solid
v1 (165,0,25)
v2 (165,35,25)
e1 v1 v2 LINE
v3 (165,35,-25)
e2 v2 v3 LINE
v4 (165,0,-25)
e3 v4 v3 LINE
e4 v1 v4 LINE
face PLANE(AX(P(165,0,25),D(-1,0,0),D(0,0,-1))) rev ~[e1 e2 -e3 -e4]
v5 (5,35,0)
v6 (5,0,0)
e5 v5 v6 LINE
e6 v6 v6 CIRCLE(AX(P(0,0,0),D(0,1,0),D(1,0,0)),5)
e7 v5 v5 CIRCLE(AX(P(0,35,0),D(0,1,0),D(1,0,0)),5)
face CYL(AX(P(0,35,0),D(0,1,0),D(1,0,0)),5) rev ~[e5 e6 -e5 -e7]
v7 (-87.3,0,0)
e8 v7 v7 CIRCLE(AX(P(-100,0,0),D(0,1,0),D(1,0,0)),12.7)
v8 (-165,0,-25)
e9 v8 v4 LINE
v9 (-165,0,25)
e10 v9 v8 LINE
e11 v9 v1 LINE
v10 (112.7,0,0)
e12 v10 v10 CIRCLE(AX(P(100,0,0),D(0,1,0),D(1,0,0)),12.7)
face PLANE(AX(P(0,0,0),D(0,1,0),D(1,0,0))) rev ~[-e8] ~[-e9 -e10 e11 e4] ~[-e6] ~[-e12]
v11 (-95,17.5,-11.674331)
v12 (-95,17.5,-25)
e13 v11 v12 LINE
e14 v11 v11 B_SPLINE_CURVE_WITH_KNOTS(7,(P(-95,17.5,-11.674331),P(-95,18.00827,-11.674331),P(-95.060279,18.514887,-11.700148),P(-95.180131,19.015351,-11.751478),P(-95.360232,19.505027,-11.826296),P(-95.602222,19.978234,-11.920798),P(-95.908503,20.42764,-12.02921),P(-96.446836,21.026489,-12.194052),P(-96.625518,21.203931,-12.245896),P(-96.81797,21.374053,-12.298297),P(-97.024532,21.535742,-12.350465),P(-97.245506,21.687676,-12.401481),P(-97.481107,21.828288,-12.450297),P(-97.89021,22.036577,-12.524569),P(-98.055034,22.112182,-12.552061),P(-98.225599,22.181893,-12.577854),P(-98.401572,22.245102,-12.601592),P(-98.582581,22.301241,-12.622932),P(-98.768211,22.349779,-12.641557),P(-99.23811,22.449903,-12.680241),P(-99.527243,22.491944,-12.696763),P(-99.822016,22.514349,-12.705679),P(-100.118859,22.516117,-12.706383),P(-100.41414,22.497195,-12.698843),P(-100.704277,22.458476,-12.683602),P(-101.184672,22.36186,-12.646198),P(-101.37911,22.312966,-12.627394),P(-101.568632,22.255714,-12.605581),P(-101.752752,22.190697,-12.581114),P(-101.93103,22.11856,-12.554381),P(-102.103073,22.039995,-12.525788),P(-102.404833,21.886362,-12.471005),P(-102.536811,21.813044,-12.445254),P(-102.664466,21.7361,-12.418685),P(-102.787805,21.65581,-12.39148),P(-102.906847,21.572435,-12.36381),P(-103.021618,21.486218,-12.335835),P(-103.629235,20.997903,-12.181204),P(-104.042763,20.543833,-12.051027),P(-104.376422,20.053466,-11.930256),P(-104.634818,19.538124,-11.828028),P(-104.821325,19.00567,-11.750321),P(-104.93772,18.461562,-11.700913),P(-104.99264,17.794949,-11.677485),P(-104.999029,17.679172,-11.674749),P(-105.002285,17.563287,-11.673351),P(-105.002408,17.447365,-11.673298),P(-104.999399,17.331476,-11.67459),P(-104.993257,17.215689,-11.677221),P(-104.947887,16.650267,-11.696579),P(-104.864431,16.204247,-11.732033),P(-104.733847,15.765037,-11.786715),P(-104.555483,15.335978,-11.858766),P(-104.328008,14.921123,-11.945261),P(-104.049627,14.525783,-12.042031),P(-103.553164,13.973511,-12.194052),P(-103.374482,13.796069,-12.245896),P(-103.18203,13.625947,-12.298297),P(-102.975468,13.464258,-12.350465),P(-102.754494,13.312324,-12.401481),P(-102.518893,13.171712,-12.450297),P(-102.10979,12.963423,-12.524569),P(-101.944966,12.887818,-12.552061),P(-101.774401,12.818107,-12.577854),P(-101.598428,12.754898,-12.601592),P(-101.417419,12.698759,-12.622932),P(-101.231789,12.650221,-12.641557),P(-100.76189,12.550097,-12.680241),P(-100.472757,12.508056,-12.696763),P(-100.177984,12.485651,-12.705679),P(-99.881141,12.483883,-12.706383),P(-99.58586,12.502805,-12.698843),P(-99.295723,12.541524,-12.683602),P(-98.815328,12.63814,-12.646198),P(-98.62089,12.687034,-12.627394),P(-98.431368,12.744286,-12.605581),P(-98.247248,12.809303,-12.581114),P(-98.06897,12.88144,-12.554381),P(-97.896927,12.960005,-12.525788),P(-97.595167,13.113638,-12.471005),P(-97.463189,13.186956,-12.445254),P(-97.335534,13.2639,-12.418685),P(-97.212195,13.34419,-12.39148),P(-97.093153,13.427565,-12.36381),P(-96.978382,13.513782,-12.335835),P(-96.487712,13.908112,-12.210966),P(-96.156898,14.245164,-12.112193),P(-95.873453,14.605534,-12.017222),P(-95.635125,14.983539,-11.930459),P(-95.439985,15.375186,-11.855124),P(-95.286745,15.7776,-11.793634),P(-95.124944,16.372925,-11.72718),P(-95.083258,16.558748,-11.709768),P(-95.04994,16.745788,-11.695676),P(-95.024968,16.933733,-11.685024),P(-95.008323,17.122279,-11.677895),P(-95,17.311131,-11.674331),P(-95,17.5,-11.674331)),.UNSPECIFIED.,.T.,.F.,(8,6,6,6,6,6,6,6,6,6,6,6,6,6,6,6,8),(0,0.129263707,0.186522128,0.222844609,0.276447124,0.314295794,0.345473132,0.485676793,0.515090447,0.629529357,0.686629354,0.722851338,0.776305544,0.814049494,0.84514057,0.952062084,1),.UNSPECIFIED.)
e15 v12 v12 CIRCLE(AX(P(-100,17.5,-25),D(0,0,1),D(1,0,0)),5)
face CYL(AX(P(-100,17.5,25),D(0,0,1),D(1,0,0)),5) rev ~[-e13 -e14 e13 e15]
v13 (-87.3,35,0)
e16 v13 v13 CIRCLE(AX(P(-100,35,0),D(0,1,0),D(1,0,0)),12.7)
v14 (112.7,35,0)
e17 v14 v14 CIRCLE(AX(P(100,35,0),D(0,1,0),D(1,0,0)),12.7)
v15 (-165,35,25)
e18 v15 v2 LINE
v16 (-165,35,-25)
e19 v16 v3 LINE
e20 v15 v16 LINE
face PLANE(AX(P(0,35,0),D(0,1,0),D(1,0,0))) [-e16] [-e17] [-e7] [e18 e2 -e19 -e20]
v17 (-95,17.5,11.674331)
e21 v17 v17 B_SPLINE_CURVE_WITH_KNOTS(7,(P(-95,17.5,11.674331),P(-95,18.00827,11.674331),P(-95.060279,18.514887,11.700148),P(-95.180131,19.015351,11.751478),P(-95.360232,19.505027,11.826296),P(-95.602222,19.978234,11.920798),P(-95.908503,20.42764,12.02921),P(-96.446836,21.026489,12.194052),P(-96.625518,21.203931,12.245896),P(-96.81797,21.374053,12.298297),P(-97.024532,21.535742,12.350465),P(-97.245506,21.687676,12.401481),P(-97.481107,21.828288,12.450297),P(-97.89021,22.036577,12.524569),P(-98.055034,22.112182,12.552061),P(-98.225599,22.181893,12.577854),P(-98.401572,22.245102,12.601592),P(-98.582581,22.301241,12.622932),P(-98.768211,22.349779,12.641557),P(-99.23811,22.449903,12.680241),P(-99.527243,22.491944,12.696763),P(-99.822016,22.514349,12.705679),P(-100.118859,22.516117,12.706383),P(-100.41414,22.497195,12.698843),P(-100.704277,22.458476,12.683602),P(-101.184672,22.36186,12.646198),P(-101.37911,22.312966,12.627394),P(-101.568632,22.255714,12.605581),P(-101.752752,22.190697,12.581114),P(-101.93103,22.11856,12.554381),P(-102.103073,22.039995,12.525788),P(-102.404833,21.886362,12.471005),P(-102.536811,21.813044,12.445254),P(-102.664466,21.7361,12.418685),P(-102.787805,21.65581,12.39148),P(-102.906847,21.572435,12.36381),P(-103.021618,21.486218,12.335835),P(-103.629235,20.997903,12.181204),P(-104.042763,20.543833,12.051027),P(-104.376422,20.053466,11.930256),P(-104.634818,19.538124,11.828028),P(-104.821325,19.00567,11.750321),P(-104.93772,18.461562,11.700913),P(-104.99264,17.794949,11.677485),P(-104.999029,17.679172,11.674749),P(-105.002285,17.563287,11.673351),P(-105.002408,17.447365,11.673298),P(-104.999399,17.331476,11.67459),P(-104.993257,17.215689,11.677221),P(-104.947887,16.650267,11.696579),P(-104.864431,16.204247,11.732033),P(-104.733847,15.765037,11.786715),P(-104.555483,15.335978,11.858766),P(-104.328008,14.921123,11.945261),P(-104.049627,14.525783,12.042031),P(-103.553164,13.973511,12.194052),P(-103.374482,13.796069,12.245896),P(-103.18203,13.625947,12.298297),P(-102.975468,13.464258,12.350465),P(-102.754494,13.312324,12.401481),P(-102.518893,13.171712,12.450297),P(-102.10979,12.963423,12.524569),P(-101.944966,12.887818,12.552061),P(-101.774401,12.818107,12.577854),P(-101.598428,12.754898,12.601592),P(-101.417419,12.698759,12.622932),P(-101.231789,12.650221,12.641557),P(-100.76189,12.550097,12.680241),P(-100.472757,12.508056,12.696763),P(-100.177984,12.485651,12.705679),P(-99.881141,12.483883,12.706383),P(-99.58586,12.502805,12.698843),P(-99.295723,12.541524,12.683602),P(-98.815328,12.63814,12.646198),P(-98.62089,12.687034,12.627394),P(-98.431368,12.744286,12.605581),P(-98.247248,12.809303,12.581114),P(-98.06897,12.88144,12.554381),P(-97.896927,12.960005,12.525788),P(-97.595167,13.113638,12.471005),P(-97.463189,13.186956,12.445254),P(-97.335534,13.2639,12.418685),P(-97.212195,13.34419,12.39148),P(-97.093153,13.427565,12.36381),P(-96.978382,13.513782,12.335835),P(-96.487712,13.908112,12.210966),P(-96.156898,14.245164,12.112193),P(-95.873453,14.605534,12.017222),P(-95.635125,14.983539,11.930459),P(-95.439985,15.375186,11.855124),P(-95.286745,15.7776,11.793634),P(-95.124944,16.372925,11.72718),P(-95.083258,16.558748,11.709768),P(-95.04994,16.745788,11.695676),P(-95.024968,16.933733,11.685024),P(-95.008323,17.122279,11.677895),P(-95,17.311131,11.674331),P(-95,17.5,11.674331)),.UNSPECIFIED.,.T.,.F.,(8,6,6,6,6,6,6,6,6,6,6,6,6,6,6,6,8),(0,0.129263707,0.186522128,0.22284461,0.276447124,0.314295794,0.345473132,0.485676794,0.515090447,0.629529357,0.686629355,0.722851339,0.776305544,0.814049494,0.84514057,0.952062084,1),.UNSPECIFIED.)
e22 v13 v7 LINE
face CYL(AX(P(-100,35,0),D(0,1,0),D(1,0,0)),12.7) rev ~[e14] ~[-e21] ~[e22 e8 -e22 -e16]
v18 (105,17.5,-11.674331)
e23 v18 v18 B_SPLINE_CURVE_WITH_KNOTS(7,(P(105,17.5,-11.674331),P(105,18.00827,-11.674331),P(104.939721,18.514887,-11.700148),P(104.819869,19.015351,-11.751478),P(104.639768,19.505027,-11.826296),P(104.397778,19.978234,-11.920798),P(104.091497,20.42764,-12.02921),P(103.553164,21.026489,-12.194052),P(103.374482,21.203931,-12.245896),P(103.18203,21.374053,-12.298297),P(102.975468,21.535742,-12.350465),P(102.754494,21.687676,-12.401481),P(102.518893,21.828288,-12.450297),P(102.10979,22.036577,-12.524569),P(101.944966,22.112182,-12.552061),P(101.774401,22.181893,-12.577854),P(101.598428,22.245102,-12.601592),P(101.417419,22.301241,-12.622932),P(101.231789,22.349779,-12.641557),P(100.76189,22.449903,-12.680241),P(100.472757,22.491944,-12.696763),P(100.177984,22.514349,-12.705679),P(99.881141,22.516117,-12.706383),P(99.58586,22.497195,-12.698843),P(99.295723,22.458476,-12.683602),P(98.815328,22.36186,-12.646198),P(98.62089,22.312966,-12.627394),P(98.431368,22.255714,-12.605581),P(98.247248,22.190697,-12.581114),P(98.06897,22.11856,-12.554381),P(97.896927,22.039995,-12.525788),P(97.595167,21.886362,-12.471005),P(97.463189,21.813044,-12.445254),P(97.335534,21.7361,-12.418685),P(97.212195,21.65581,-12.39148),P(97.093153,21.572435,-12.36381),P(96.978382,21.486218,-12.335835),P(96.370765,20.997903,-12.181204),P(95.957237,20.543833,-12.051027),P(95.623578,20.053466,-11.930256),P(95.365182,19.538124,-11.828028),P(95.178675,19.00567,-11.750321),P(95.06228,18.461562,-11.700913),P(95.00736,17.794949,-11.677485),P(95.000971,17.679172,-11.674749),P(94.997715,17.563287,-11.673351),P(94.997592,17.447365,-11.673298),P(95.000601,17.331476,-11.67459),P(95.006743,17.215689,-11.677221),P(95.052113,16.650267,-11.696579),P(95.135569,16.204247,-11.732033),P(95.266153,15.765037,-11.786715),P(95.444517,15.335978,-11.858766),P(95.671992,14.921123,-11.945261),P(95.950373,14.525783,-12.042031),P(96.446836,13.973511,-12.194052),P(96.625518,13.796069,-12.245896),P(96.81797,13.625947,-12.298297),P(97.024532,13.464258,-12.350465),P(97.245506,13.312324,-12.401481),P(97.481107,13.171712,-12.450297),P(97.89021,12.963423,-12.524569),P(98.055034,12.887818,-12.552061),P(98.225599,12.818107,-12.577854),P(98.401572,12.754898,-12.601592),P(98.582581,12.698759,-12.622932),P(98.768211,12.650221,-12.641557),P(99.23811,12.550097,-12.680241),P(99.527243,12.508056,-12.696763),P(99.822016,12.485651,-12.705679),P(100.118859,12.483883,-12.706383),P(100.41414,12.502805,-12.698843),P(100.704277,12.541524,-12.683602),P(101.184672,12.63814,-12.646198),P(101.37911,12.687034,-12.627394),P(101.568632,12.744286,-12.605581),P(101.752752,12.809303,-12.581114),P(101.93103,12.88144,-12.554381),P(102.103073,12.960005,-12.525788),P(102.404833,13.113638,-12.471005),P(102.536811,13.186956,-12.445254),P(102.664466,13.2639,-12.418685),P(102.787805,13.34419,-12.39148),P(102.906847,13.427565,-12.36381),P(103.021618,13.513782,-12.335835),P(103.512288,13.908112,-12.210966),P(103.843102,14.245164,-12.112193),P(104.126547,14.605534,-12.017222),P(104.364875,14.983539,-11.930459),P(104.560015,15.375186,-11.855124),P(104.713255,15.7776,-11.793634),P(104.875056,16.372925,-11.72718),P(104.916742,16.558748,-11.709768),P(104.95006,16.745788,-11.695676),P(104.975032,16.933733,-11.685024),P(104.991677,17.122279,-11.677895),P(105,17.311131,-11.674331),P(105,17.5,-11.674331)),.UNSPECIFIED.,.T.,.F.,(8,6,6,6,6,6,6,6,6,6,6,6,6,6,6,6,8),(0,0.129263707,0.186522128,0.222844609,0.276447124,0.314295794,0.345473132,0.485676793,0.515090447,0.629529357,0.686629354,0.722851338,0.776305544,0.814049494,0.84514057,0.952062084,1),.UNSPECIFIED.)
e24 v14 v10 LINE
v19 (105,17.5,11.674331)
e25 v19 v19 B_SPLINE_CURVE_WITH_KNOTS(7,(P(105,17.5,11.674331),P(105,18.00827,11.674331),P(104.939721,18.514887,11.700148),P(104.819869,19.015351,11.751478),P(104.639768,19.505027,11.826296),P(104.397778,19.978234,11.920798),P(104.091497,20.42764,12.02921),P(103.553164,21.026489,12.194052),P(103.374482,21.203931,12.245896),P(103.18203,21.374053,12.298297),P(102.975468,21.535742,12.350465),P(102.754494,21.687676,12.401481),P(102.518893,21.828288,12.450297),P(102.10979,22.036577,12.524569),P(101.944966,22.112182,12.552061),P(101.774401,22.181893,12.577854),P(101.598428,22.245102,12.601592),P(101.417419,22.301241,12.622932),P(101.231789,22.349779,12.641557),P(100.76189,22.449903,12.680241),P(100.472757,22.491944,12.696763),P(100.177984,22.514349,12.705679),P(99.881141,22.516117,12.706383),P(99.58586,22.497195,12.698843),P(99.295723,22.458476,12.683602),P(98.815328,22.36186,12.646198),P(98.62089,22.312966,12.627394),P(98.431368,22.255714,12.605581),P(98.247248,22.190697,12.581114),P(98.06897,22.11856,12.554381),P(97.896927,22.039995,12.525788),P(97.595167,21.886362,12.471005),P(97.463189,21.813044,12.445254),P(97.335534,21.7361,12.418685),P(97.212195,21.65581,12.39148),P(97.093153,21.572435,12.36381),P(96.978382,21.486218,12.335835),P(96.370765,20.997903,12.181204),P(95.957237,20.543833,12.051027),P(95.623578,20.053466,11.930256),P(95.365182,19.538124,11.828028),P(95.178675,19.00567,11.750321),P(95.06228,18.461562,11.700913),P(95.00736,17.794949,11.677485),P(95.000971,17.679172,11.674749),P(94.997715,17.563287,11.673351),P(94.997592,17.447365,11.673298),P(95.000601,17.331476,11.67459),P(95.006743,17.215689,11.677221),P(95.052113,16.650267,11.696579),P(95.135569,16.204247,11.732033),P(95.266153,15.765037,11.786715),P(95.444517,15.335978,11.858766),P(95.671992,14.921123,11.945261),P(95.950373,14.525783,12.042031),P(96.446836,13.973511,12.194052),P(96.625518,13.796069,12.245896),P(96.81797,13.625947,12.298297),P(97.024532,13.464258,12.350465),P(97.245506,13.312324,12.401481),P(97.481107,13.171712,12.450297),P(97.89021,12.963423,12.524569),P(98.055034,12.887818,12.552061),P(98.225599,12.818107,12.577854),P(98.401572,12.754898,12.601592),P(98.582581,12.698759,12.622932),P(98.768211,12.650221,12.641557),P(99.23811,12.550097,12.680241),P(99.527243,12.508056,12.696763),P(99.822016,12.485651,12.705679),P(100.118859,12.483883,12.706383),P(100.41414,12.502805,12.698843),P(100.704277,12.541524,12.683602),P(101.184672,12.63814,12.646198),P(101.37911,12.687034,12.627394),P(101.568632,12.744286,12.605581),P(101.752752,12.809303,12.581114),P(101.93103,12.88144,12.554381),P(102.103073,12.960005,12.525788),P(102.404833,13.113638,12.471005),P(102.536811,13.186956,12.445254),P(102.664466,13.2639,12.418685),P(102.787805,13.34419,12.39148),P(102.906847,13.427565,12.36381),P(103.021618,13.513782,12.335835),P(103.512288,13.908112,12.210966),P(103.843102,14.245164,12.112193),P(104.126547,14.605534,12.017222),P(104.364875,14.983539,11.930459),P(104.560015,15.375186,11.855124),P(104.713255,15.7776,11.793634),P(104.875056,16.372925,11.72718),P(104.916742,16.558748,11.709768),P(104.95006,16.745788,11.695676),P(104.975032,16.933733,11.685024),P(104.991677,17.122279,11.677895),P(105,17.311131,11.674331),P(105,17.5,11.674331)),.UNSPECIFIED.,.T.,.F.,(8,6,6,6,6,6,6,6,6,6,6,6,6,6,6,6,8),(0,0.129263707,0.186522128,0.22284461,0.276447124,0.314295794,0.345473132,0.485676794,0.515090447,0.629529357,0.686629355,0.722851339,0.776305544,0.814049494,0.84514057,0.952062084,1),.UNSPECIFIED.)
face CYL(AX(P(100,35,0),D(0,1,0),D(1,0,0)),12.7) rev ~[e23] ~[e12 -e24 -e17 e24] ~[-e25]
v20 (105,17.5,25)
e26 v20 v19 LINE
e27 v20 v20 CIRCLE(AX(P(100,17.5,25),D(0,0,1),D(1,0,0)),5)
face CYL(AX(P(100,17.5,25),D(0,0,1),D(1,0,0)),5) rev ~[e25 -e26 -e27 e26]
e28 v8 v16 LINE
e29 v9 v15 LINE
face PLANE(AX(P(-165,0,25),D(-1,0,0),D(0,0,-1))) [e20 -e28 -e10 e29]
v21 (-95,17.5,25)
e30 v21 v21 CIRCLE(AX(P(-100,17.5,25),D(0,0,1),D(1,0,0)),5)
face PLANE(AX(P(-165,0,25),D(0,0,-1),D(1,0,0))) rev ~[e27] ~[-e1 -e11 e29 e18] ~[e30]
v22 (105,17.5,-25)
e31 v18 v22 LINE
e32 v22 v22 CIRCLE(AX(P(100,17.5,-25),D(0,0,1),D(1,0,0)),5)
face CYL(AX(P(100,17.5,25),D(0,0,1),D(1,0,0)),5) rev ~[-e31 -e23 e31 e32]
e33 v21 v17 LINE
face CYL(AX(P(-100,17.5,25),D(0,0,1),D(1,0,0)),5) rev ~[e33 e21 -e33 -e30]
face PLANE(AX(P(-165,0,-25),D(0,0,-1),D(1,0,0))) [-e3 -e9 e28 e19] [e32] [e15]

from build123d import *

# Parameters (mm, degrees)
SKETCH1_W           = 330
SKETCH1_H           = 50
BOSS_EXTRUDE1_DEPTH = 35
SKETCH2_R           = 12.7
CUT_EXTRUDE1_DEPTH  = 70
SKETCH3_R           = 5
CUT_EXTRUDE2_DEPTH  = 70
SKETCH4_R           = 5
CUT_EXTRUDE3_DEPTH  = 43


with BuildPart() as part:
    # Sketch1 → Boss-Extrude1 (new body)
    with BuildSketch(Plane(origin=(0, 0, 0), x_dir=(1, 0, 0), z_dir=(0, 1, 0))):
        Rectangle(SKETCH1_W, SKETCH1_H)
    extrude(amount=BOSS_EXTRUDE1_DEPTH)

    # Sketch2 → Cut-Extrude1 (cut)
    with BuildSketch(Plane(origin=(0, 35, 0), x_dir=(1, 0, 0), z_dir=(0, 1, 0))):
        with Locations((-100, 0)):
            Circle(SKETCH2_R)
        with Locations((100, 0)):
            Circle(SKETCH2_R)
    extrude(amount=-CUT_EXTRUDE1_DEPTH, mode=Mode.SUBTRACT)

    # Sketch3 → Cut-Extrude2 (cut)
    with BuildSketch(Plane.XY.offset(25)):
        with Locations((-100, 17.5)):
            Circle(SKETCH3_R)
        with Locations((100, 17.5)):
            Circle(SKETCH3_R)
    extrude(amount=-CUT_EXTRUDE2_DEPTH, mode=Mode.SUBTRACT)

    # Sketch4 → Cut-Extrude3 (cut)
    with BuildSketch(Plane(origin=(0, 35, 0), x_dir=(1, 0, 0), z_dir=(0, 1, 0))):
        Circle(SKETCH4_R)
    extrude(amount=-CUT_EXTRUDE3_DEPTH, mode=Mode.SUBTRACT)


solid = part.part
